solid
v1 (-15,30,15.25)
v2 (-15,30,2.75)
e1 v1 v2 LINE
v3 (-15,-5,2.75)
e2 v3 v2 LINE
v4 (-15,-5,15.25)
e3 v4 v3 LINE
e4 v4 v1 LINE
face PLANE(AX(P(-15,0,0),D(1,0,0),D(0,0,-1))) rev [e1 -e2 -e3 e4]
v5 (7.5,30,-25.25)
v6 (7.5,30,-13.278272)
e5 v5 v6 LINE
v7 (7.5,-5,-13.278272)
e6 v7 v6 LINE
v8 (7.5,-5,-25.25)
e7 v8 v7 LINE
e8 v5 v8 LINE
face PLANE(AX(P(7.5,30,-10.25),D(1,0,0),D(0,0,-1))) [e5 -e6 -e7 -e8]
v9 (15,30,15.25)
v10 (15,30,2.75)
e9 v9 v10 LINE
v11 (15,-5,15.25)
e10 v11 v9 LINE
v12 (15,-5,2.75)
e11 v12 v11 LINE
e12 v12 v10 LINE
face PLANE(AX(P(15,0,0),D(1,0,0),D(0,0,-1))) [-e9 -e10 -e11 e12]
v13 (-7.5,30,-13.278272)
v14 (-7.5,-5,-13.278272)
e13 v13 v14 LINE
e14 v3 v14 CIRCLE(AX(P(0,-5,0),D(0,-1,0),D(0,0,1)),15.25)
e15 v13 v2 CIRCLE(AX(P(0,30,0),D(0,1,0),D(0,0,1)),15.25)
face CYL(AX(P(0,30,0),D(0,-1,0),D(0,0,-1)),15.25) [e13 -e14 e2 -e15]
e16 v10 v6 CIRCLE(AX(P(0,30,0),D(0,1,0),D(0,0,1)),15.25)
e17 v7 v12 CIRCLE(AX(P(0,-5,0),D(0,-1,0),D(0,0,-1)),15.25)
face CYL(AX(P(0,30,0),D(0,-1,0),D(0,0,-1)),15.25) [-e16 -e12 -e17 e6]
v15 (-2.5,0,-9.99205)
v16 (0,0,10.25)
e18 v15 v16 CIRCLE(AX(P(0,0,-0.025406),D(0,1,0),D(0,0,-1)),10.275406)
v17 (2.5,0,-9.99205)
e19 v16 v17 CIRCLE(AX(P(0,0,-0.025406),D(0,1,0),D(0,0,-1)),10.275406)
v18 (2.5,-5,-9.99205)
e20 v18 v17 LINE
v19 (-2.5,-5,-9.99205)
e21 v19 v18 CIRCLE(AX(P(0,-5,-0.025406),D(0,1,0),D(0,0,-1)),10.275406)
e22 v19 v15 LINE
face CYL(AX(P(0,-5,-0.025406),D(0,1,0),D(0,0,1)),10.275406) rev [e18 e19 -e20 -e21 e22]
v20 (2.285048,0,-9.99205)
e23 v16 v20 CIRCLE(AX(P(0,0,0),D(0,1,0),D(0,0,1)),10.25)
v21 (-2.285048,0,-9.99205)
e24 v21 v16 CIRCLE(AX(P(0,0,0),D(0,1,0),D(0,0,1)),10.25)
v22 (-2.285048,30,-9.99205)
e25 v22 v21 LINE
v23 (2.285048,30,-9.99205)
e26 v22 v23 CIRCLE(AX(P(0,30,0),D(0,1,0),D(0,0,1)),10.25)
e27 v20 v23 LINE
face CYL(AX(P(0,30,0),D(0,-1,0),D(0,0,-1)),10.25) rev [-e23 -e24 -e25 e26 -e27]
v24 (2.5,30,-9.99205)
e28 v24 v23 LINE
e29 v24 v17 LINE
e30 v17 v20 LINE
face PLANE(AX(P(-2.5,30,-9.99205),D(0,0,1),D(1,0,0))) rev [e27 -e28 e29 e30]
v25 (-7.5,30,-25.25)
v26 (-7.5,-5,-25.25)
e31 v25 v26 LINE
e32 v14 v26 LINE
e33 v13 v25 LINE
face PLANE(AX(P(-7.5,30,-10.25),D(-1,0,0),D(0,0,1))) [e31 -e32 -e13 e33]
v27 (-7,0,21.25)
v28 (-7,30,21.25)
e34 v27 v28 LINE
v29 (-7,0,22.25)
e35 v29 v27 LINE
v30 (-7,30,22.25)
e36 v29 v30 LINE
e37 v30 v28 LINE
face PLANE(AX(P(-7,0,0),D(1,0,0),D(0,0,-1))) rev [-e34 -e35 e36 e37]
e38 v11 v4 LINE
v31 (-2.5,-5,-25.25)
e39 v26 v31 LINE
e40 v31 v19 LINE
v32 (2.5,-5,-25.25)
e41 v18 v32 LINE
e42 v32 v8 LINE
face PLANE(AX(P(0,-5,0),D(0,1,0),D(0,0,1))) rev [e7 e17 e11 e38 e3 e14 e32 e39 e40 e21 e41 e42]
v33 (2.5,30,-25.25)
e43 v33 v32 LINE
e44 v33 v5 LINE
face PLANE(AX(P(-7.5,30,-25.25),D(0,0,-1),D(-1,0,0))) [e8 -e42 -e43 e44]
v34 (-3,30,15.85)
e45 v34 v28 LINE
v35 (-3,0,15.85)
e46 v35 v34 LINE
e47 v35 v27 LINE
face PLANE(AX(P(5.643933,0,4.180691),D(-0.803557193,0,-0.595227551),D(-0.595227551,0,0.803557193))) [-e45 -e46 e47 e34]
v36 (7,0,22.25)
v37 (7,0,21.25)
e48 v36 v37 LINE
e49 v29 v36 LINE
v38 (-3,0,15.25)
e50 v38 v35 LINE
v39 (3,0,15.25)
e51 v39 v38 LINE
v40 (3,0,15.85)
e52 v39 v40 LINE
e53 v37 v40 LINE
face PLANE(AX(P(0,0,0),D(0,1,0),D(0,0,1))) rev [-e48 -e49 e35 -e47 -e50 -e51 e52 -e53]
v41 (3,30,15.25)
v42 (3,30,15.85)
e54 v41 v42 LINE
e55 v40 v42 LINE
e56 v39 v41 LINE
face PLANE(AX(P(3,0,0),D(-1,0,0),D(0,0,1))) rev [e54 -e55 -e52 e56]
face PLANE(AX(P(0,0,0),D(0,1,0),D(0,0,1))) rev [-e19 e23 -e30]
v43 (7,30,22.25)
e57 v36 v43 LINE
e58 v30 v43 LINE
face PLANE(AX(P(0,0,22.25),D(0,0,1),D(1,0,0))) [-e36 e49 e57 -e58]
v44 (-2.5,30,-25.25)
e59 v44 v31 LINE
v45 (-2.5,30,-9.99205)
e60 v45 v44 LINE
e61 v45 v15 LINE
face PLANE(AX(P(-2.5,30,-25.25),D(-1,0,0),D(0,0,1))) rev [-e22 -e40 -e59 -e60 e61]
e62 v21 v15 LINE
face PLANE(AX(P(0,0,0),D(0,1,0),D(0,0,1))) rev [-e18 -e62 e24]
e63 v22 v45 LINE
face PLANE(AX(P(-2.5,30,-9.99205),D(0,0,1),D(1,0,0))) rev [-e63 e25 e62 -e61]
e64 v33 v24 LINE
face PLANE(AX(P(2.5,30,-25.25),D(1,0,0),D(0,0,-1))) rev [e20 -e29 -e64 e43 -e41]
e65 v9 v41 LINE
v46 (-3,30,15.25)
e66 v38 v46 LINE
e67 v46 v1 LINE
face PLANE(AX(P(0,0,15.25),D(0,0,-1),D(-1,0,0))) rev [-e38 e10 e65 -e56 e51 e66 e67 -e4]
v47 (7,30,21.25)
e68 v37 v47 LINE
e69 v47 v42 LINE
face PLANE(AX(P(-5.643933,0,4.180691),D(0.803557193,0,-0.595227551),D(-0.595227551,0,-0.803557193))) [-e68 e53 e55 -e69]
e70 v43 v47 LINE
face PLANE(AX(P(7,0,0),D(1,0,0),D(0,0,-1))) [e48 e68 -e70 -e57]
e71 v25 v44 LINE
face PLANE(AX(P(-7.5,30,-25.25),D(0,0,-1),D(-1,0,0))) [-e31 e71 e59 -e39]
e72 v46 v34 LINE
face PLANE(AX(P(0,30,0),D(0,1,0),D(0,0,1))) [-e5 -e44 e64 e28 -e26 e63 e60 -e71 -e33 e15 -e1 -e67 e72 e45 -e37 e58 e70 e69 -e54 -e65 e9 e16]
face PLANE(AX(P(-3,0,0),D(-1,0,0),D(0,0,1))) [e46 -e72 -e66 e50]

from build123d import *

# Parameters (mm, degrees)
SCHIZZO1_R                   = 15.25
SCHIZZO1_R_2                 = 10.25
ESTRUSIONE_ESTRUSIONE1_DEPTH = 30
SCHIZZO4_W                   = 15
SCHIZZO4_H                   = 15
ESTRUSIONE_ESTRUSIONE2_DEPTH = 30
SCHIZZO5_W                   = 5
SCHIZZO5_H                   = 15.257950375
TAGLIO_ESTRUSIONE1_DEPTH     = 30
ESTRUSIONE_ESTRUSIONE3_DEPTH = 30
ESTRUSIONE_ESTRUSIONE4_START = 5
ESTRUSIONE_ESTRUSIONE4_DEPTH = 5


with BuildPart() as part:
    # Schizzo1 → Estrusione-Estrusione1 (new body)
    with BuildSketch(Plane(origin=(0, 0, 0), x_dir=(1, 0, 0), z_dir=(0, 1, 0))):
        with Locations(Location((0, 0, 0), (0, 0, 270))):
            Circle(SCHIZZO1_R)
        with Locations(Location((0, 0, 0), (0, 0, 270))):
            Circle(SCHIZZO1_R_2, mode=Mode.SUBTRACT)
    extrude(amount=ESTRUSIONE_ESTRUSIONE1_DEPTH)

    # Schizzo4 → Estrusione-Estrusione2 (add)
    with BuildSketch(Plane.XZ):
        with Locations((0, -17.75)):
            Rectangle(SCHIZZO4_W, SCHIZZO4_H)
    extrude(amount=-ESTRUSIONE_ESTRUSIONE2_DEPTH)

    # Schizzo5 → Taglio-Estrusione1 (cut)
    with BuildSketch(Plane.XZ):
        with Locations((0, -17.621024812)):
            Rectangle(SCHIZZO5_W, SCHIZZO5_H)
    extrude(amount=-TAGLIO_ESTRUSIONE1_DEPTH, mode=Mode.SUBTRACT)

    # Schizzo6 → Estrusione-Estrusione3 (add, through all)
    with BuildSketch(Plane(origin=(0, 30, 0), x_dir=(1, 0, 0), z_dir=(0, 1, 0))):
        with BuildLine():
            Line((3, -15.25), (15, -15.25))
            Line((15, -15.25), (15, -2.75))
            ThreePointArc((15, -2.75), (0, -15.25), (-15, -2.75))
            Line((-15, -2.75), (-15, -15.25))
            Line((-15, -15.25), (-3, -15.25))
            Line((-3, -15.25), (-3, -15.85))
            Line((-3, -15.85), (-7, -21.25))
            Line((-7, -21.25), (-7, -22.25))
            Line((-7, -22.25), (7, -22.25))
            Line((7, -22.25), (7, -21.25))
            Line((7, -21.25), (3, -15.85))
            Line((3, -15.85), (3, -15.25))
        make_face()
    extrude(amount=-ESTRUSIONE_ESTRUSIONE3_DEPTH)

    # Schizzo7 → Estrusione-Estrusione4 (add)
    with BuildSketch(Plane.XZ.offset(ESTRUSIONE_ESTRUSIONE4_START)):
        with BuildLine():
            Line((-15, 15.25), (15, 15.25))
            Line((15, 15.25), (15, 2.75))
            ThreePointArc((15, 2.75), (13.812634565, -6.463251997), (7.5, -13.278271725))
            Line((7.5, -13.278271725), (7.5, -25.25))
            Line((7.5, -25.25), (2.5, -25.25))
            Line((2.5, -25.25), (2.5, -9.992049625))
            ThreePointArc((2.5, -9.992049625), (0, 10.25), (-2.5, -9.992049625))
            Line((-2.5, -9.992049625), (-2.5, -25.25))
            Line((-2.5, -25.25), (-7.5, -25.25))
            Line((-7.5, -25.25), (-7.5, -13.278271725))
            ThreePointArc((-7.5, -13.278271725), (-13.812634565, -6.463251997), (-15, 2.75))
            Line((-15, 2.75), (-15, 15.25))
        make_face()
    extrude(amount=-ESTRUSIONE_ESTRUSIONE4_DEPTH)


solid = part.part
